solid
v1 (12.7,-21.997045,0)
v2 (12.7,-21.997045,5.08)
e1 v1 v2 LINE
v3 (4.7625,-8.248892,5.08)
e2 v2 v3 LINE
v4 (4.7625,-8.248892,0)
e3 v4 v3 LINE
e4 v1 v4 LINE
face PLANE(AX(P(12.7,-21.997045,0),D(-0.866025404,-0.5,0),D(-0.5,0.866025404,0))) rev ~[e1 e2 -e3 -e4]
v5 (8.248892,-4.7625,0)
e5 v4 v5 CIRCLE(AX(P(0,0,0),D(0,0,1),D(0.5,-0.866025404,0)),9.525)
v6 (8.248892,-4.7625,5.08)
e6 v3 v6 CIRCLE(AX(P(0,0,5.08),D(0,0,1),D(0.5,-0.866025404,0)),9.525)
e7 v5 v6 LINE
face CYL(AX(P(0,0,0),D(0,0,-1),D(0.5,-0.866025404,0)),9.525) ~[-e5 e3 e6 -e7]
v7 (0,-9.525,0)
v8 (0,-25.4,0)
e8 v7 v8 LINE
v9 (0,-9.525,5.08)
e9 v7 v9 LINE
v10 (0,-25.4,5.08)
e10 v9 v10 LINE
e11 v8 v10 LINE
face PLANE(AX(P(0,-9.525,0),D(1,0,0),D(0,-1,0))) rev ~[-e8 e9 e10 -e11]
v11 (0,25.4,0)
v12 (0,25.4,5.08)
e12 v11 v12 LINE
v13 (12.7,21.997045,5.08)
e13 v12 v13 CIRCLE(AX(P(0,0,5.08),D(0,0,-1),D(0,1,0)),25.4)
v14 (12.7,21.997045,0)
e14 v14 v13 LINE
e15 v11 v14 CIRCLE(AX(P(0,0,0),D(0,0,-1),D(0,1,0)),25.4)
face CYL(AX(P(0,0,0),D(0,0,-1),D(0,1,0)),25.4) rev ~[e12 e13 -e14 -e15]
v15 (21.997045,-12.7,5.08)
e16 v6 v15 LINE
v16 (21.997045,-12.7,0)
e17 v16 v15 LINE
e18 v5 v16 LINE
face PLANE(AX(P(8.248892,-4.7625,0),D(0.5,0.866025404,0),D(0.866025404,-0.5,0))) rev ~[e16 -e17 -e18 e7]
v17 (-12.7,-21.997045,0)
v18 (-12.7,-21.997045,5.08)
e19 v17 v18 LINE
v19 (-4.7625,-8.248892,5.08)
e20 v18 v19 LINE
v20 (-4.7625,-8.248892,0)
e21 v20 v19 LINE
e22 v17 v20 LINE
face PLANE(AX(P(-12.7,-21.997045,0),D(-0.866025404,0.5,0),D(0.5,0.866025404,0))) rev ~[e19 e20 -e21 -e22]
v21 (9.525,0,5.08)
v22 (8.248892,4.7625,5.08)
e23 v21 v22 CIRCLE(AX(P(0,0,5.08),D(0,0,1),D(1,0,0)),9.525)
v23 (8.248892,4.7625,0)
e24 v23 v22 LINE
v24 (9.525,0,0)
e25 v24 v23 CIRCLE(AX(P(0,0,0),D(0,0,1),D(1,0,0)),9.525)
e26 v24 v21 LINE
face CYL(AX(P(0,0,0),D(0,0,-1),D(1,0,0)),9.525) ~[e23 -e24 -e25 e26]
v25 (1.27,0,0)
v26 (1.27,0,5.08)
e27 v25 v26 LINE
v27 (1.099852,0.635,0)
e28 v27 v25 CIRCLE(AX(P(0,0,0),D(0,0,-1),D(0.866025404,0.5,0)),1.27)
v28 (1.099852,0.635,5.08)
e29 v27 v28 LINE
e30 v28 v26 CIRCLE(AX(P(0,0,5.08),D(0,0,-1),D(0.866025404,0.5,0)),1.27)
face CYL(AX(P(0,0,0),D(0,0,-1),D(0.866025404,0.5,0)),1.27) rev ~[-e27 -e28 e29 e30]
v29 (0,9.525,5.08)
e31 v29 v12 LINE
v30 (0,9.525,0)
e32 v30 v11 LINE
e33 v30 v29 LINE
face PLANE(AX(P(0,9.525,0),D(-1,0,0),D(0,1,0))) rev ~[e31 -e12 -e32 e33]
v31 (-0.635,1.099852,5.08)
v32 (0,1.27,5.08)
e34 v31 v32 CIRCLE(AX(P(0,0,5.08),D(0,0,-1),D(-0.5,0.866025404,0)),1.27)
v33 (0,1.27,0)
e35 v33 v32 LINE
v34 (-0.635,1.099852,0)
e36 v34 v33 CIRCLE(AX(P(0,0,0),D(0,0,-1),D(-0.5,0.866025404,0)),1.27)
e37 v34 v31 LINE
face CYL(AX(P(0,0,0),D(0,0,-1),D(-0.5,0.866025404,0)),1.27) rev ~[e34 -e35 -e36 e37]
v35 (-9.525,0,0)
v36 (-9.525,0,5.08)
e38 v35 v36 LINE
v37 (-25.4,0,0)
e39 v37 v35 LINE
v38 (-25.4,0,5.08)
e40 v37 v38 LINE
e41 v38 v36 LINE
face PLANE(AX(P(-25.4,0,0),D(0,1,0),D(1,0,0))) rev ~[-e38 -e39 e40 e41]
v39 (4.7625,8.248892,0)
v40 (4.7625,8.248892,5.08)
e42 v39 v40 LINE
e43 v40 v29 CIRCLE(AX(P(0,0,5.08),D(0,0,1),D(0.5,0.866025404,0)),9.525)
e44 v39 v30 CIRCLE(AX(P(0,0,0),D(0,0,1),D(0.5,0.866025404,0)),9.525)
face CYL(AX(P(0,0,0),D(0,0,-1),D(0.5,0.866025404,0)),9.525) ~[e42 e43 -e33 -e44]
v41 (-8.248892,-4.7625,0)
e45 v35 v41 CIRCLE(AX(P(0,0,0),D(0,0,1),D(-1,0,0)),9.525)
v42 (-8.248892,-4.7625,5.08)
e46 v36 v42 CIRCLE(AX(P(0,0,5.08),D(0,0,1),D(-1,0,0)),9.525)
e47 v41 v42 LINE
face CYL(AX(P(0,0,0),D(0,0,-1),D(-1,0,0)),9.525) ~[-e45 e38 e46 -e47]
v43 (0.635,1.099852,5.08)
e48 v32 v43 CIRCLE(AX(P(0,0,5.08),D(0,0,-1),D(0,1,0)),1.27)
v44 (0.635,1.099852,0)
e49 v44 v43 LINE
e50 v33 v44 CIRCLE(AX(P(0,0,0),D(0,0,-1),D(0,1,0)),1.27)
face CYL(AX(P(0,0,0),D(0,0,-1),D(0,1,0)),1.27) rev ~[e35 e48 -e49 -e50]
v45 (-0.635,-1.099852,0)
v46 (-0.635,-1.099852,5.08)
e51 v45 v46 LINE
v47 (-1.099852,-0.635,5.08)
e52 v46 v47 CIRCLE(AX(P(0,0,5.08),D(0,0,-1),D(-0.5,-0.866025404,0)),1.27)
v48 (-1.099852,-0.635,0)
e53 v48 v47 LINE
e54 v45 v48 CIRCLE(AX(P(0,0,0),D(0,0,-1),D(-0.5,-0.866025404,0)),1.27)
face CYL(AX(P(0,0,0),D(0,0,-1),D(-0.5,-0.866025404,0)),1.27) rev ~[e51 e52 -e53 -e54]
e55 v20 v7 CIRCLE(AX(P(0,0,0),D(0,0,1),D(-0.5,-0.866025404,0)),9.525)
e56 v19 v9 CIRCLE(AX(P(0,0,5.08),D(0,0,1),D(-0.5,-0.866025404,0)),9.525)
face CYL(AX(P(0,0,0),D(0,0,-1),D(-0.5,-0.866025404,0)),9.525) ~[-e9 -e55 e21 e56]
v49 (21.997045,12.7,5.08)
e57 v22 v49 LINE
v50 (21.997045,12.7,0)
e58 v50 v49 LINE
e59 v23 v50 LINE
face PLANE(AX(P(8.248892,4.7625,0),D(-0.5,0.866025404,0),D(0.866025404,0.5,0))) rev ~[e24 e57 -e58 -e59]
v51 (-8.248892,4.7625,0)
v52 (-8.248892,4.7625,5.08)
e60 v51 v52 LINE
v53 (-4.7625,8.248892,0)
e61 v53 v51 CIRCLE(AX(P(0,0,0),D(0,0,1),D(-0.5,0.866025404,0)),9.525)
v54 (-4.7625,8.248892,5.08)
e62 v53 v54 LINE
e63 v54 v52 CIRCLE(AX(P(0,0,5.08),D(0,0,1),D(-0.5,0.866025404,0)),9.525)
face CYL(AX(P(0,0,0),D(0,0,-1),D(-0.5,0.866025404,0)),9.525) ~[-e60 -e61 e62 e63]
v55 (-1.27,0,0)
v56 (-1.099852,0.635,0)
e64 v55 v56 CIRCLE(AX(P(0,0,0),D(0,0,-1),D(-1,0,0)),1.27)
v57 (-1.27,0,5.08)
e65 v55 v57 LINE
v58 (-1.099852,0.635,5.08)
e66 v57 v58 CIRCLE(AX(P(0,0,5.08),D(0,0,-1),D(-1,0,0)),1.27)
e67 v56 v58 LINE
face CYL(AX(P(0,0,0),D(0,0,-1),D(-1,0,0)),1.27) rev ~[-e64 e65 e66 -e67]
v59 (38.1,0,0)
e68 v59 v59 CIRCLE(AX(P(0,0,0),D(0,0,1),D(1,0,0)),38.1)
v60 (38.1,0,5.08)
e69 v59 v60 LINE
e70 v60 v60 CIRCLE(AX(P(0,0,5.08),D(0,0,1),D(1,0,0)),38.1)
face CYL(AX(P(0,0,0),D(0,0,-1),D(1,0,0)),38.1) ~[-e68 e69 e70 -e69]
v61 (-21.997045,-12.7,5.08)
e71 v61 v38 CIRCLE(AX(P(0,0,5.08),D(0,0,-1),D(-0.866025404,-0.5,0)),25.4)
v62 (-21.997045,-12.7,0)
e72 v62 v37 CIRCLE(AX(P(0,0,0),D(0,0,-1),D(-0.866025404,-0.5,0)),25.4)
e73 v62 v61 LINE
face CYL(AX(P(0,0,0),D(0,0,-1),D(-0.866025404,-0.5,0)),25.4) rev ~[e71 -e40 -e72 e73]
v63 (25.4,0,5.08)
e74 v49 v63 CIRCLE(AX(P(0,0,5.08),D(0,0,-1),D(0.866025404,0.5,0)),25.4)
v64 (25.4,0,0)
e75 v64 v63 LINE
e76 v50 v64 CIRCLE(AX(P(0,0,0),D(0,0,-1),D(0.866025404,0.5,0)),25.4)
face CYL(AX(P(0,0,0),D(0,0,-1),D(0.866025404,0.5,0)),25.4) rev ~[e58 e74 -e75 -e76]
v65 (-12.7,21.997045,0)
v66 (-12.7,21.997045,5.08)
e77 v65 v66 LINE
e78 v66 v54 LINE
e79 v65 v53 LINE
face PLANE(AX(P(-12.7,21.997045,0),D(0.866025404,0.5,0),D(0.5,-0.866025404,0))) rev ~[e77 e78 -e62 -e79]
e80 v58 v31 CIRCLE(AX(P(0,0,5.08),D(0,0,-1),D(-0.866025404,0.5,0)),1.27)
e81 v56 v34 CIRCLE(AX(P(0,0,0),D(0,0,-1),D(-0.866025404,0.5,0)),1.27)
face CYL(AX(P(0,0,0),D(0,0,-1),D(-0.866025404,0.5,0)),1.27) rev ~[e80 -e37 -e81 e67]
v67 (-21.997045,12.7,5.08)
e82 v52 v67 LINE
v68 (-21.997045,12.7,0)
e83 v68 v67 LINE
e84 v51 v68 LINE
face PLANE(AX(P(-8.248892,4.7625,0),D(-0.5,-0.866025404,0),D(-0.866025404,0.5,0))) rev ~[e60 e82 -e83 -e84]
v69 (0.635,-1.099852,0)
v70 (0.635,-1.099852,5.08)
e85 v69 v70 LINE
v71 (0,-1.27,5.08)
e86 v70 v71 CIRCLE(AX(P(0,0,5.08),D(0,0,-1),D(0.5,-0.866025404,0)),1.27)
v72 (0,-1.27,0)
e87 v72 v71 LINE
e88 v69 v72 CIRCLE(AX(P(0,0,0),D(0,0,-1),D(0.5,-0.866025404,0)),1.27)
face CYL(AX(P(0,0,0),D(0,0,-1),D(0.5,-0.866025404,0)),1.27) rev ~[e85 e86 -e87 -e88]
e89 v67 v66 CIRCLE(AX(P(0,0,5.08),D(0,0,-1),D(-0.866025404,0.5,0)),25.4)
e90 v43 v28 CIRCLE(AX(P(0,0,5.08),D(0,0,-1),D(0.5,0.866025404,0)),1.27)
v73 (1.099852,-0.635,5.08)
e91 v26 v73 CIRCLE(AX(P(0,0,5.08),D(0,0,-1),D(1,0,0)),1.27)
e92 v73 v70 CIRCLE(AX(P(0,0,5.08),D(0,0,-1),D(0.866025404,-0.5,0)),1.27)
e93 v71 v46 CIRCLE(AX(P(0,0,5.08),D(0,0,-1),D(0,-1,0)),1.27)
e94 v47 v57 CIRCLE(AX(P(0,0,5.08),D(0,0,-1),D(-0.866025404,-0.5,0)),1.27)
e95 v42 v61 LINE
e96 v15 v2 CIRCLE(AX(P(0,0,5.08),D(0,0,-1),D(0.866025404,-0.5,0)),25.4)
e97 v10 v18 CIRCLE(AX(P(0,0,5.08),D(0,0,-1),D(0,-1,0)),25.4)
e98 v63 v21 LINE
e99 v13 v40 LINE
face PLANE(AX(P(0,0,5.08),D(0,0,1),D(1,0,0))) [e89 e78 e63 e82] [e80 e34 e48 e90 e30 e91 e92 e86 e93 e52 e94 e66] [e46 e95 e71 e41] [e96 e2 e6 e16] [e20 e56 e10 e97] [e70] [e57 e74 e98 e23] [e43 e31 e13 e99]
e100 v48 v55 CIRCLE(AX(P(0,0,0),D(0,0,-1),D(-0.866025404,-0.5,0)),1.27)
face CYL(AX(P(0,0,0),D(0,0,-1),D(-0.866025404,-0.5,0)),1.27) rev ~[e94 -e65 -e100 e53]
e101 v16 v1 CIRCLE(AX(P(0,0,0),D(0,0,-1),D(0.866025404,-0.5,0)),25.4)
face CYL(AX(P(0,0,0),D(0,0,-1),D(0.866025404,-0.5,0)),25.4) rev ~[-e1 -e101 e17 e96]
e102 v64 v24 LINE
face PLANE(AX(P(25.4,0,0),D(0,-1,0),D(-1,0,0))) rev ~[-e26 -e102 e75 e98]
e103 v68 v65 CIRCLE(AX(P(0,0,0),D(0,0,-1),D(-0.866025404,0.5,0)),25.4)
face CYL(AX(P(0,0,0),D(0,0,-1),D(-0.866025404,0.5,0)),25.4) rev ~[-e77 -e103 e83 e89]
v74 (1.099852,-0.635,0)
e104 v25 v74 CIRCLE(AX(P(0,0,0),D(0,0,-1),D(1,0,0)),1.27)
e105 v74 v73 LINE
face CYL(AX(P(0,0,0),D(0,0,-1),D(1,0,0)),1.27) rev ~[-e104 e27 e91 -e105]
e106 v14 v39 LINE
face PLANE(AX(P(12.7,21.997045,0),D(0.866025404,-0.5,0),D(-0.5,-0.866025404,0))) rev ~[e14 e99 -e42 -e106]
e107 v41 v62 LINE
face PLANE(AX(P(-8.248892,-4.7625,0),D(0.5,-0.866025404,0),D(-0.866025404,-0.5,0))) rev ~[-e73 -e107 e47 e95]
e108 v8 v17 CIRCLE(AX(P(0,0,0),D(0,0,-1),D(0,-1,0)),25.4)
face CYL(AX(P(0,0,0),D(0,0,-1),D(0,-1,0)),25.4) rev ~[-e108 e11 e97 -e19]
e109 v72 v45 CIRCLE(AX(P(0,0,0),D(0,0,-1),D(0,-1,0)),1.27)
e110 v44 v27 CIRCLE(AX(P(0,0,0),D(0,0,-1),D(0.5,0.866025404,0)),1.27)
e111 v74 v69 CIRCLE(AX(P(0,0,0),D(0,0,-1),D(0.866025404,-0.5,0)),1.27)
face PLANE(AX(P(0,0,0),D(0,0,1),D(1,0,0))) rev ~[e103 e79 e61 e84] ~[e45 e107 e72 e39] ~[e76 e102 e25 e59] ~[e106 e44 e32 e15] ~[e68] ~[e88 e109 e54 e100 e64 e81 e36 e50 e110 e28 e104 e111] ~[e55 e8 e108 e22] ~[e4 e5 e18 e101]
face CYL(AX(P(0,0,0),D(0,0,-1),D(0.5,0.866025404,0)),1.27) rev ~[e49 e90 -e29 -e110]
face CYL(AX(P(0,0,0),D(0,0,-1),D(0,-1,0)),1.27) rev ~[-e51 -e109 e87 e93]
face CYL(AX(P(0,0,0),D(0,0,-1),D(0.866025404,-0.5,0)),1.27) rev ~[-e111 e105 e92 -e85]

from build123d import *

# Parameters (mm, degrees)
F0_R     = 38.1
F1_DEPTH = 5.08


with BuildPart() as f1:
    # F0 (on Top) → F1 (new body)
    with BuildSketch(Plane.XY):
        Circle(F0_R)
        with BuildLine():
            ThreePointArc((21.9970452561, 12.7), (24.5345159877, 6.5740037456), (25.4, 0))
            ThreePointArc((25.4, 0), (24.5345159877, -6.5740037456), (21.9970452561, -12.7))
            ThreePointArc((21.9970452561, -12.7), (17.9605122421, -17.9605122421), (12.7, -21.9970452561))
            ThreePointArc((12.7, -21.9970452561), (6.5740037456, -24.5345159877), (0, -25.4))
            ThreePointArc((0, -25.4), (-6.5740037456, -24.5345159877), (-12.7, -21.9970452561))
            ThreePointArc((-12.7, -21.9970452561), (-17.9605122421, -17.9605122421), (-21.9970452561, -12.7))
            ThreePointArc((-21.9970452561, -12.7), (-24.5345159877, -6.5740037456), (-25.4, 0))
            ThreePointArc((-25.4, 0), (-24.5345159877, 6.5740037456), (-21.9970452561, 12.7))
            ThreePointArc((-21.9970452561, 12.7), (-17.9605122421, 17.9605122421), (-12.7, 21.9970452561))
            ThreePointArc((-12.7, 21.9970452561), (-6.5740037456, 24.5345159877), (0, 25.4))
            ThreePointArc((0, 25.4), (6.5740037456, 24.5345159877), (12.7, 21.9970452561))
            ThreePointArc((12.7, 21.9970452561), (17.9605122421, 17.9605122421), (21.9970452561, 12.7))
        make_face(mode=Mode.SUBTRACT)
        with BuildLine():
            Line((8.248891971, 4.7625), (21.9970452561, 12.7))
            ThreePointArc((21.9970452561, 12.7), (17.9605122421, 17.9605122421), (12.7, 21.9970452561))
            Line((12.7, 21.9970452561), (4.7625, 8.248891971))
            ThreePointArc((4.7625, 8.248891971), (6.7351920908, 6.7351920908), (8.248891971, 4.7625))
        make_face()
        with BuildLine():
            Line((-8.248891971, 4.7625), (-21.9970452561, 12.7))
            ThreePointArc((-21.9970452561, 12.7), (-24.5345159877, 6.5740037456), (-25.4, 0))
            Line((-25.4, 0), (-9.525, 0))
            ThreePointArc((-9.525, 0), (-9.2004434954, 2.4652514046), (-8.248891971, 4.7625))
        make_face()
        with BuildLine():
            ThreePointArc((-21.9970452561, -12.7), (-17.9605122421, -17.9605122421), (-12.7, -21.9970452561))
            Line((-12.7, -21.9970452561), (-4.7625, -8.248891971))
            ThreePointArc((-4.7625, -8.248891971), (-6.7351920908, -6.7351920908), (-8.248891971, -4.7625))
            Line((-8.248891971, -4.7625), (-21.9970452561, -12.7))
        make_face()
        with BuildLine():
            Line((0, 9.525), (0, 25.4))
            ThreePointArc((0, 25.4), (-6.5740037456, 24.5345159877), (-12.7, 21.9970452561))
            Line((-12.7, 21.9970452561), (-4.7625, 8.248891971))
            ThreePointArc((-4.7625, 8.248891971), (-2.4652514046, 9.2004434954), (0, 9.525))
        make_face()
        with BuildLine():
            ThreePointArc((0, -25.4), (6.5740037456, -24.5345159877), (12.7, -21.9970452561))
            Line((12.7, -21.9970452561), (4.7625, -8.248891971))
            ThreePointArc((4.7625, -8.248891971), (2.4652514046, -9.2004434954), (0, -9.525))
            Line((0, -9.525), (0, -25.4))
        make_face()
        with BuildLine():
            ThreePointArc((21.9970452561, -12.7), (24.5345159877, -6.5740037456), (25.4, 0))
            Line((25.4, 0), (9.525, 0))
            ThreePointArc((9.525, 0), (9.2004434954, -2.4652514046), (8.248891971, -4.7625))
            Line((8.248891971, -4.7625), (21.9970452561, -12.7))
        make_face()
        with BuildLine():
            ThreePointArc((-0.635, -1.0998522628), (-0.8980256121, -0.8980256121), (-1.0998522628, -0.635))
            Line((-1.0998522628, -0.635), (-8.248891971, -4.7625))
            ThreePointArc((-8.248891971, -4.7625), (-6.7351920908, -6.7351920908), (-4.7625, -8.248891971))
            Line((-4.7625, -8.248891971), (-0.635, -1.0998522628))
        make_face()
        with BuildLine():
            ThreePointArc((-4.7625, -8.248891971), (-2.4652514046, -9.2004434954), (0, -9.525))
            Line((0, -9.525), (0, -1.27))
            ThreePointArc((0, -1.27), (-0.3287001873, -1.2267257994), (-0.635, -1.0998522628))
            Line((-0.635, -1.0998522628), (-4.7625, -8.248891971))
        make_face()
        with BuildLine():
            ThreePointArc((0, -9.525), (2.4652514046, -9.2004434954), (4.7625, -8.248891971))
            Line((4.7625, -8.248891971), (0.635, -1.0998522628))
            ThreePointArc((0.635, -1.0998522628), (0.3287001873, -1.2267257994), (0, -1.27))
            Line((0, -1.27), (0, -9.525))
        make_face()
        with BuildLine():
            ThreePointArc((4.7625, -8.248891971), (6.7351920908, -6.7351920908), (8.248891971, -4.7625))
            Line((8.248891971, -4.7625), (1.0998522628, -0.635))
            ThreePointArc((1.0998522628, -0.635), (0.8980256121, -0.8980256121), (0.635, -1.0998522628))
            Line((0.635, -1.0998522628), (4.7625, -8.248891971))
        make_face()
        with BuildLine():
            ThreePointArc((8.248891971, -4.7625), (9.2004434954, -2.4652514046), (9.525, 0))
            Line((9.525, 0), (1.27, 0))
            ThreePointArc((1.27, 0), (1.2267257994, -0.3287001873), (1.0998522628, -0.635))
            Line((1.0998522628, -0.635), (8.248891971, -4.7625))
        make_face()
        with BuildLine():
            Line((1.27, 0), (9.525, 0))
            ThreePointArc((9.525, 0), (9.2004434954, 2.4652514046), (8.248891971, 4.7625))
            Line((8.248891971, 4.7625), (1.0998522628, 0.635))
            ThreePointArc((1.0998522628, 0.635), (1.2267257994, 0.3287001873), (1.27, 0))
        make_face()
        with BuildLine():
            Line((1.0998522628, 0.635), (8.248891971, 4.7625))
            ThreePointArc((8.248891971, 4.7625), (6.7351920908, 6.7351920908), (4.7625, 8.248891971))
            Line((4.7625, 8.248891971), (0.635, 1.0998522628))
            ThreePointArc((0.635, 1.0998522628), (0.8980256121, 0.8980256121), (1.0998522628, 0.635))
        make_face()
        with BuildLine():
            Line((0.635, 1.0998522628), (4.7625, 8.248891971))
            ThreePointArc((4.7625, 8.248891971), (2.4652514046, 9.2004434954), (0, 9.525))
            Line((0, 9.525), (0, 1.27))
            ThreePointArc((0, 1.27), (0.3287001873, 1.2267257994), (0.635, 1.0998522628))
        make_face()
        with BuildLine():
            Line((0, 1.27), (0, 9.525))
            ThreePointArc((0, 9.525), (-2.4652514046, 9.2004434954), (-4.7625, 8.248891971))
            Line((-4.7625, 8.248891971), (-0.635, 1.0998522628))
            ThreePointArc((-0.635, 1.0998522628), (-0.3287001873, 1.2267257994), (0, 1.27))
        make_face()
        with BuildLine():
            ThreePointArc((-1.0998522628, 0.635), (-0.8980256121, 0.8980256121), (-0.635, 1.0998522628))
            Line((-0.635, 1.0998522628), (-4.7625, 8.248891971))
            ThreePointArc((-4.7625, 8.248891971), (-6.7351920908, 6.7351920908), (-8.248891971, 4.7625))
            Line((-8.248891971, 4.7625), (-1.0998522628, 0.635))
        make_face()
        with BuildLine():
            ThreePointArc((-1.27, 0), (-1.2267257994, 0.3287001873), (-1.0998522628, 0.635))
            Line((-1.0998522628, 0.635), (-8.248891971, 4.7625))
            ThreePointArc((-8.248891971, 4.7625), (-9.2004434954, 2.4652514046), (-9.525, 0))
            Line((-9.525, 0), (-1.27, 0))
        make_face()
        with BuildLine():
            ThreePointArc((-1.0998522628, -0.635), (-1.2267257994, -0.3287001873), (-1.27, 0))
            Line((-1.27, 0), (-9.525, 0))
            ThreePointArc((-9.525, 0), (-9.2004434954, -2.4652514046), (-8.248891971, -4.7625))
            Line((-8.248891971, -4.7625), (-1.0998522628, -0.635))
        make_face()
    extrude(amount=F1_DEPTH)


solid = f1.part
